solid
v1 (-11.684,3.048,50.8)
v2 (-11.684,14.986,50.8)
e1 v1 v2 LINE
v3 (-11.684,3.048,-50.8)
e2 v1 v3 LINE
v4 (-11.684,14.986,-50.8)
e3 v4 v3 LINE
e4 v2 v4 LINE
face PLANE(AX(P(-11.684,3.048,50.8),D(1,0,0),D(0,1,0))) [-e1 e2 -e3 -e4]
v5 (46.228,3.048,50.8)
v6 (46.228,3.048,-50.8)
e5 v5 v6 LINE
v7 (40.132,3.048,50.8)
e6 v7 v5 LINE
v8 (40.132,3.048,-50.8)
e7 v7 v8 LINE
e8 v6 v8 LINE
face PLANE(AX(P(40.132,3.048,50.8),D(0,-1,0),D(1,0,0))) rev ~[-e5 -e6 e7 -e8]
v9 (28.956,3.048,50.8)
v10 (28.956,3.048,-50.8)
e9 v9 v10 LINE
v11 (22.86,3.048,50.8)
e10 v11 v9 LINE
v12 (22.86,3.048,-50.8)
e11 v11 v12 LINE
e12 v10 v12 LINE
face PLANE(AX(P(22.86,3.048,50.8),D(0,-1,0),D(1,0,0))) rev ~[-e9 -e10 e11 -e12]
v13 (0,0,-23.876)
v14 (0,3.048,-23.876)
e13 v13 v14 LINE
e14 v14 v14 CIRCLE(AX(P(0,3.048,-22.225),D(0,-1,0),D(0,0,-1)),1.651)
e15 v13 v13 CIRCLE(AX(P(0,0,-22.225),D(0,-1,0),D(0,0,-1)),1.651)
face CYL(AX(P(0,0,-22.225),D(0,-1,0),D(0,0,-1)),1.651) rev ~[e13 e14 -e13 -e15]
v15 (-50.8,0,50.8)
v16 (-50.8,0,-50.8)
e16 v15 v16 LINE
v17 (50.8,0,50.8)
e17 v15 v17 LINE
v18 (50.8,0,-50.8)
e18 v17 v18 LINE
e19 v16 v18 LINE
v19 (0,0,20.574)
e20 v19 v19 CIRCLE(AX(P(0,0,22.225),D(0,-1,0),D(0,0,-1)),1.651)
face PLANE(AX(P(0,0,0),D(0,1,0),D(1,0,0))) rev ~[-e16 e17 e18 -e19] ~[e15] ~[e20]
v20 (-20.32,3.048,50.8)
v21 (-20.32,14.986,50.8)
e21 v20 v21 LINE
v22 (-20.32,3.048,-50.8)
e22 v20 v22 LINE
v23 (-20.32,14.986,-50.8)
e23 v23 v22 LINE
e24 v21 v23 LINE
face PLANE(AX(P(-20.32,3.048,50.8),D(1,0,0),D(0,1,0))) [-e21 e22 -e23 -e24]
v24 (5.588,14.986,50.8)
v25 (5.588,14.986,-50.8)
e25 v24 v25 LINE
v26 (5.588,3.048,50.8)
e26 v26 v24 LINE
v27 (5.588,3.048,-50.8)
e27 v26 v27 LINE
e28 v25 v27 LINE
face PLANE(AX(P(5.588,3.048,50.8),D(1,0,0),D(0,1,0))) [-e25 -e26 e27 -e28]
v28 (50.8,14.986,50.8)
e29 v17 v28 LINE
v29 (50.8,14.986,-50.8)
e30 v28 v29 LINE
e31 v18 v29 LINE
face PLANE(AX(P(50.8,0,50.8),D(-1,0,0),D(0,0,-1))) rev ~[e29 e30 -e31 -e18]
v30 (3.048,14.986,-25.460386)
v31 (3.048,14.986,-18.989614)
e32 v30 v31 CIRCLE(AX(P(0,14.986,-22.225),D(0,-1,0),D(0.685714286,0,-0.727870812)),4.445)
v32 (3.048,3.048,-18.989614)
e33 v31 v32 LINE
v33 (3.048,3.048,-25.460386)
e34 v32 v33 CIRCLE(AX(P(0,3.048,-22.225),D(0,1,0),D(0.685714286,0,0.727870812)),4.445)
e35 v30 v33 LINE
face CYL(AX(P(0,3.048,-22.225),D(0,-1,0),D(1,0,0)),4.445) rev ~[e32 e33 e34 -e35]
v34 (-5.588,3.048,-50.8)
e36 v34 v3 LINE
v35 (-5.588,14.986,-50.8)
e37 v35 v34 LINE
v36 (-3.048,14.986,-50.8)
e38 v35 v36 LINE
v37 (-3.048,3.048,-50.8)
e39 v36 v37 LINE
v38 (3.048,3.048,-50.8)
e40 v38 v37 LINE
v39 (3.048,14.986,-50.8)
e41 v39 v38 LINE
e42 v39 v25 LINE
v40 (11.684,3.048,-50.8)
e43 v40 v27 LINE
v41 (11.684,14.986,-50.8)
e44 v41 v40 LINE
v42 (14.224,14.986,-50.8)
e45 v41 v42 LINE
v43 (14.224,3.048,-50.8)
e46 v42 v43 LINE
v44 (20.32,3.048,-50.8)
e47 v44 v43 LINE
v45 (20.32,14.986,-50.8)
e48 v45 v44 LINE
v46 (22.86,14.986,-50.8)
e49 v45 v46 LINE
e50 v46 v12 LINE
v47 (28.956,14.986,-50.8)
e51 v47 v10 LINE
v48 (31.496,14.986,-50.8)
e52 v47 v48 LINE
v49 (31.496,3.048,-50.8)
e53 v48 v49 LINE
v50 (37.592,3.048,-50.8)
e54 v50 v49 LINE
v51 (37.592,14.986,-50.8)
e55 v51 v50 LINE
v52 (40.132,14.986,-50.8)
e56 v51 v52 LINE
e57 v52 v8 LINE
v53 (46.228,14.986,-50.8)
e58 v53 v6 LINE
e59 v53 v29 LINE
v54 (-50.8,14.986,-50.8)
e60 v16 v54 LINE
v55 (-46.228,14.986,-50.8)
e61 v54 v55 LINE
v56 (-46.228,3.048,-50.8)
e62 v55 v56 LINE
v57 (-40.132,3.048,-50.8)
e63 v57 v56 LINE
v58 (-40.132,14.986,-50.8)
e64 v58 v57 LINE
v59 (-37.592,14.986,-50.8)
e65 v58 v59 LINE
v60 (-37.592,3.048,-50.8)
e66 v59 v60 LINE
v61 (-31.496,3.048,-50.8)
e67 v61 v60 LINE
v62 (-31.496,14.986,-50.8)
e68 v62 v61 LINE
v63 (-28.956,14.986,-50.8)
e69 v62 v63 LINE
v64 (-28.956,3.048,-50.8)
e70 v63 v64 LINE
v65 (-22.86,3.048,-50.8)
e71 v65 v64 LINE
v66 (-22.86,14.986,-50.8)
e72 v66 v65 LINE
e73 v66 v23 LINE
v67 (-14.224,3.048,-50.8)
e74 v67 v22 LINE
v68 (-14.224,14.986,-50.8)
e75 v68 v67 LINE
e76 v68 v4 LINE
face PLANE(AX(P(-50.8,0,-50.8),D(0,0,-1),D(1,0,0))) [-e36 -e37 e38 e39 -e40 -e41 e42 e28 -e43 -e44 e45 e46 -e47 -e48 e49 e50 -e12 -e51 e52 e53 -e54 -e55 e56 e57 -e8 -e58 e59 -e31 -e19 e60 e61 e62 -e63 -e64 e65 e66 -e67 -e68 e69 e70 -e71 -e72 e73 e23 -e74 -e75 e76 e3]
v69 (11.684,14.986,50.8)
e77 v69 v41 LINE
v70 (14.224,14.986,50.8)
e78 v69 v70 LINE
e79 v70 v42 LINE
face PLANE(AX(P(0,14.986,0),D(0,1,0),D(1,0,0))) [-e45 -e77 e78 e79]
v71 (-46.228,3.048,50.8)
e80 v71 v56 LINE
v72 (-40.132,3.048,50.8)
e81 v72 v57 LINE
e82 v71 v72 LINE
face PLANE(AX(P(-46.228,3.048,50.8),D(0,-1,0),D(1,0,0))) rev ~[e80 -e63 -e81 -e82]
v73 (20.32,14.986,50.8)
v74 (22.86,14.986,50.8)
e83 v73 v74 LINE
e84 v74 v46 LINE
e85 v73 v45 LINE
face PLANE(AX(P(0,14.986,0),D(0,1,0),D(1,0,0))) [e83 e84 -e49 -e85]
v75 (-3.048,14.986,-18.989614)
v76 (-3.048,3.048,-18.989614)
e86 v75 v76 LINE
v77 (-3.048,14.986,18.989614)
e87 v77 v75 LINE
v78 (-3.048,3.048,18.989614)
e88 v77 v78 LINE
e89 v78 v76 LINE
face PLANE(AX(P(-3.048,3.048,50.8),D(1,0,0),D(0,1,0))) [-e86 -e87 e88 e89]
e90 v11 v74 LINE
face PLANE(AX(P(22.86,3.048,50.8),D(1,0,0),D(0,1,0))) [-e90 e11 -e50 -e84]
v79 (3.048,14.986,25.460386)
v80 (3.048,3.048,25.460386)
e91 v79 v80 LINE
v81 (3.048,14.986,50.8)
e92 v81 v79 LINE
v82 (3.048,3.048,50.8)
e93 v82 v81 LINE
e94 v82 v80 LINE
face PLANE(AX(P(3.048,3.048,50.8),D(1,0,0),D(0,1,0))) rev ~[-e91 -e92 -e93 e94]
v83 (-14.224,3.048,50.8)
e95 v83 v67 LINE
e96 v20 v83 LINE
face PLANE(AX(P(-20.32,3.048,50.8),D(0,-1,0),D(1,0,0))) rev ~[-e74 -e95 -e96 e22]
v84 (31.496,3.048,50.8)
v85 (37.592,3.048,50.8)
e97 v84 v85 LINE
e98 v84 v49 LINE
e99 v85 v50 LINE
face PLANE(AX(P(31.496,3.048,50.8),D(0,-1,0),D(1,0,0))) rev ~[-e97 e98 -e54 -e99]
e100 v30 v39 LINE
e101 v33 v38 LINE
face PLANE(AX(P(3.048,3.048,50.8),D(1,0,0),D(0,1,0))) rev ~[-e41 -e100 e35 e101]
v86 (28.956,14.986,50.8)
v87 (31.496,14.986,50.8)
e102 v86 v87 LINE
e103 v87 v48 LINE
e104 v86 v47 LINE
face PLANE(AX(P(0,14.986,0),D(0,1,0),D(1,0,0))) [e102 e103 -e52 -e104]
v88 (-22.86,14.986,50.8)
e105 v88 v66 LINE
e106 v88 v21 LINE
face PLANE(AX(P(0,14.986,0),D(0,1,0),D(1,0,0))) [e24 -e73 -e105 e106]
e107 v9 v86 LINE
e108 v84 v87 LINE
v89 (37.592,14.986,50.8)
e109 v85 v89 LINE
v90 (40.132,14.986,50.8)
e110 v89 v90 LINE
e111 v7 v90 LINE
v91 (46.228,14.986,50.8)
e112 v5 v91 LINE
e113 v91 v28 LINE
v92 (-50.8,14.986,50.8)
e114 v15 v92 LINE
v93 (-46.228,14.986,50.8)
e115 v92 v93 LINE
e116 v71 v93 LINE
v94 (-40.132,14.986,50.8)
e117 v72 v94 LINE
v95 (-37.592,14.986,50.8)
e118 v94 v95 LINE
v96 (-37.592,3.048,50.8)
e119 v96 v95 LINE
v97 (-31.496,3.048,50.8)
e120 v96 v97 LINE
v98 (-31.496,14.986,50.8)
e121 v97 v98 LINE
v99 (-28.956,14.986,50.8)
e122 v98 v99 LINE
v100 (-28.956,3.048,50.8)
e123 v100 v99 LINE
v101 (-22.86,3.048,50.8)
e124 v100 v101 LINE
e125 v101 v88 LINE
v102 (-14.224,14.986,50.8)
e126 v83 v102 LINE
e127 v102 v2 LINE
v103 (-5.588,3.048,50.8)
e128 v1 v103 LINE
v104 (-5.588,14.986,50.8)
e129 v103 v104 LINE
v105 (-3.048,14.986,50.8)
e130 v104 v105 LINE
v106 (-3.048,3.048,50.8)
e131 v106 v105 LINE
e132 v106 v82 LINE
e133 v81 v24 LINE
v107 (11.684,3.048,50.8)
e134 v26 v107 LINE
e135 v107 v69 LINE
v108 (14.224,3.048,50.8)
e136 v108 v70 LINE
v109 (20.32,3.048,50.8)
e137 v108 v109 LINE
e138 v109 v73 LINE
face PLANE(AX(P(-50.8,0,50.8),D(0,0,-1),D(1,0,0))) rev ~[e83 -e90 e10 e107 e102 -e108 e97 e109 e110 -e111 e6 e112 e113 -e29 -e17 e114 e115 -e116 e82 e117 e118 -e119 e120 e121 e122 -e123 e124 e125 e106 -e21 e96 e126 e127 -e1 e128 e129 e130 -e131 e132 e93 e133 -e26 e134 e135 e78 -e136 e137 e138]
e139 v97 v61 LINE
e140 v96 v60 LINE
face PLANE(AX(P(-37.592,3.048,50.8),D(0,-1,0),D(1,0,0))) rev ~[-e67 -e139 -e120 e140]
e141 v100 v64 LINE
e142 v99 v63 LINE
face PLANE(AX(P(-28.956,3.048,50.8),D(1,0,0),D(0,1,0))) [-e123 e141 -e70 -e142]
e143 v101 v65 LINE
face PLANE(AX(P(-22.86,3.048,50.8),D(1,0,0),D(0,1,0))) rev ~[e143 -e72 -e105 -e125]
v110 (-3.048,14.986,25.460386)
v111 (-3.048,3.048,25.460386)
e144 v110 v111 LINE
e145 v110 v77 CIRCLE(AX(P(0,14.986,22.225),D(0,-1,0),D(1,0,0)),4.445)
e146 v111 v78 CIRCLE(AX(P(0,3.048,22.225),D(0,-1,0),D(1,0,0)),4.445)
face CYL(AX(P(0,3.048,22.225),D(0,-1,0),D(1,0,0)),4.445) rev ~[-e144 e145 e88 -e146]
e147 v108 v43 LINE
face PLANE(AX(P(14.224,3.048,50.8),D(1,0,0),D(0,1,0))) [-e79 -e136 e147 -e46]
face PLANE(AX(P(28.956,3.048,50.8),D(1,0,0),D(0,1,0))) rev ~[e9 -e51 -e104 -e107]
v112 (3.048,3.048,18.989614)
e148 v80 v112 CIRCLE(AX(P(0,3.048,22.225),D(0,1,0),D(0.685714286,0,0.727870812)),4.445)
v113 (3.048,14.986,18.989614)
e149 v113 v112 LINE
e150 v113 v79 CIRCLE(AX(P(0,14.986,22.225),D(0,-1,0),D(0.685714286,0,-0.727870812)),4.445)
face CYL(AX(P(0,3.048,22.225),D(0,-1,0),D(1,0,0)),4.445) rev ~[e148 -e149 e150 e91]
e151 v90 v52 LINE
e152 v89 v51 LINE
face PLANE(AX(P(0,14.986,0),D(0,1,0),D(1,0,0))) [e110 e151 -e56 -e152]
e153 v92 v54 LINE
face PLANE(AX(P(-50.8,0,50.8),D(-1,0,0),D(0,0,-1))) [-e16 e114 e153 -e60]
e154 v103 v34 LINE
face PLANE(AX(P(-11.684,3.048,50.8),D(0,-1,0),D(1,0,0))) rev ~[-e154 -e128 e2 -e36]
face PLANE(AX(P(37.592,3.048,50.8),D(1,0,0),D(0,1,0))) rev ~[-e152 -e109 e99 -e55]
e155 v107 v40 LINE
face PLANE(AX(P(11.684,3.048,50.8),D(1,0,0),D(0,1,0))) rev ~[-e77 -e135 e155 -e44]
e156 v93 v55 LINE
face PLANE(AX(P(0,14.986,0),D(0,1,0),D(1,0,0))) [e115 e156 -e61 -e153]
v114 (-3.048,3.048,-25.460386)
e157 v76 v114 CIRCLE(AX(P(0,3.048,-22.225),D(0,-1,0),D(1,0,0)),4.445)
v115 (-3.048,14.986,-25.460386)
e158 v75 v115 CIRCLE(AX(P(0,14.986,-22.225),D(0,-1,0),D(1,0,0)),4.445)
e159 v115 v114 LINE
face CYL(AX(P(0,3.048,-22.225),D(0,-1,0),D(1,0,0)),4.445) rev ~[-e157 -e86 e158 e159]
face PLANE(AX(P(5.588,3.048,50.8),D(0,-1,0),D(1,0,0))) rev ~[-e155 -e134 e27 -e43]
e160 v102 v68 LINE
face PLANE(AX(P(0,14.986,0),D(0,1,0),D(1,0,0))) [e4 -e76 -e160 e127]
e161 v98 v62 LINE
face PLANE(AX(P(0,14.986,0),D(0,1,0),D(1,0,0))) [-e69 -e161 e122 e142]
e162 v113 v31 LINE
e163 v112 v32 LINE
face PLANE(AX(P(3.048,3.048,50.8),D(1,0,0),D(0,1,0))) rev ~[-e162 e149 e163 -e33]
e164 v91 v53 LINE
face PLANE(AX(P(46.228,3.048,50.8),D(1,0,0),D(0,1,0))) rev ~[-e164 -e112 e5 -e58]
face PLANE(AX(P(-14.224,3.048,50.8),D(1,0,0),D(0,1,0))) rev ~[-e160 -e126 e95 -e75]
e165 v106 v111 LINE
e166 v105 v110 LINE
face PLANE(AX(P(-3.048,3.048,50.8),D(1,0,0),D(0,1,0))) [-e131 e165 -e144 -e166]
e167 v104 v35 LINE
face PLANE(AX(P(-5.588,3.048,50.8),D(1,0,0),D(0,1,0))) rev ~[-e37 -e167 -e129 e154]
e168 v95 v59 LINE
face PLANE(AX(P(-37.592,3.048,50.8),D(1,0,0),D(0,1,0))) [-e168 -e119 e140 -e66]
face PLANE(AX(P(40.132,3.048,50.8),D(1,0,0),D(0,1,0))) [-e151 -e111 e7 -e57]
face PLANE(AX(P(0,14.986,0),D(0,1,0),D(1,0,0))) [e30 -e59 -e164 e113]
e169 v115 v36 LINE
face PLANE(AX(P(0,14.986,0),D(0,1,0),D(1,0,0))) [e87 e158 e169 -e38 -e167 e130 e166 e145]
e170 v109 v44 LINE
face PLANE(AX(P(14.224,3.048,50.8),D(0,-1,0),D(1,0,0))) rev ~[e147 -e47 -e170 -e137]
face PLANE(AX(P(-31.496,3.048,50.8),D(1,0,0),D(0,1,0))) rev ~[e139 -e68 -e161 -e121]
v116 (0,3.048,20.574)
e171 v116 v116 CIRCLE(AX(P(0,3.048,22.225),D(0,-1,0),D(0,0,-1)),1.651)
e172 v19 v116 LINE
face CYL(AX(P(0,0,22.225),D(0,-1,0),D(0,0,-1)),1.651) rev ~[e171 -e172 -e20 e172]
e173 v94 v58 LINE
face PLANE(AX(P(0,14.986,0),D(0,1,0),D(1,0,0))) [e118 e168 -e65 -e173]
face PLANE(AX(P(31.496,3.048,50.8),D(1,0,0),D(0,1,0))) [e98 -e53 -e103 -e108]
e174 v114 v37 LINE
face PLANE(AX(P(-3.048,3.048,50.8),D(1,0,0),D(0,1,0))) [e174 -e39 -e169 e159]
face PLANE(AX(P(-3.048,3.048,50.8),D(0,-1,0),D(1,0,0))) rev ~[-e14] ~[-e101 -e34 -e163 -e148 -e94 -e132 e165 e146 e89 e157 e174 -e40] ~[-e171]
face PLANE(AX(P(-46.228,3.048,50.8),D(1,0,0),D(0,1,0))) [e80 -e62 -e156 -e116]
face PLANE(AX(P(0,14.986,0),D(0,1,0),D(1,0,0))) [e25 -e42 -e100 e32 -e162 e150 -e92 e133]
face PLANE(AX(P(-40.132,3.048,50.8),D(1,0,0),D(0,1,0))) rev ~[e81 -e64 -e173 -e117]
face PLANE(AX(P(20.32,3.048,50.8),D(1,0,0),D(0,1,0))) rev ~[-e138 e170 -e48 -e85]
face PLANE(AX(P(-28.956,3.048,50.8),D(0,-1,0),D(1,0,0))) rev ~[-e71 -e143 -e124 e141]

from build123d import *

# Parameters (mm, degrees)
SKETCH1_W           = 101.6
SKETCH1_H           = 101.6
BOSS_EXTRUDE1_DEPTH = 14.986
SKETCH2_W           = 6.096
SKETCH2_H           = 11.938
CUT_EXTRUDE1_DEPTH  = 115.576525502
SKETCH3_R           = 1.651
CUT_EXTRUDE2_DEPTH  = 74.38842004
CUT_EXTRUDE3_START  = -3.048
SKETCH3_3_R         = 4.445
SKETCH3_3_R_2       = 1.651
CUT_EXTRUDE3_DEPTH  = 71.34042004


with BuildPart() as part:
    # Sketch1 → Boss-Extrude1 (new body)
    with BuildSketch(Plane(origin=(0, 0, 0), x_dir=(1, 0, 0), z_dir=(0, 1, 0))):
        Rectangle(SKETCH1_W, SKETCH1_H)
    extrude(amount=BOSS_EXTRUDE1_DEPTH)

    # Sketch2 → Cut-Extrude1 (cut, through all)
    with BuildSketch(Plane.XY.offset(50.8)):
        with Locations((43.18, 9.017)):
            Rectangle(SKETCH2_W, SKETCH2_H)
        with Locations((34.544, 9.017)):
            Rectangle(SKETCH2_W, SKETCH2_H)
        with Locations((25.908, 9.017)):
            Rectangle(SKETCH2_W, SKETCH2_H)
        with Locations((17.272, 9.017)):
            Rectangle(SKETCH2_W, SKETCH2_H)
        with Locations((8.636, 9.017)):
            Rectangle(SKETCH2_W, SKETCH2_H)
        with Locations((0, 9.017)):
            Rectangle(SKETCH2_W, SKETCH2_H)
        with Locations((-8.636, 9.017)):
            Rectangle(SKETCH2_W, SKETCH2_H)
        with Locations((-17.272, 9.017)):
            Rectangle(SKETCH2_W, SKETCH2_H)
        with Locations((-25.908, 9.017)):
            Rectangle(SKETCH2_W, SKETCH2_H)
        with Locations((-34.544, 9.017)):
            Rectangle(SKETCH2_W, SKETCH2_H)
        with Locations((-43.18, 9.017)):
            Rectangle(SKETCH2_W, SKETCH2_H)
    extrude(amount=-CUT_EXTRUDE1_DEPTH, mode=Mode.SUBTRACT)

    # Sketch3 → Cut-Extrude2 (cut, through all)
    with BuildSketch(Plane.XZ):
        with Locations(Location((0, 22.225, 0), (0, 0, 270))):
            Circle(SKETCH3_R)
        with Locations(Location((0, -22.225, 0), (0, 0, 270))):
            Circle(SKETCH3_R)
    extrude(amount=-CUT_EXTRUDE2_DEPTH, mode=Mode.SUBTRACT)

    # Sketch3<3> → Cut-Extrude3 (cut, through all)
    # profile 1 of 2: a face of its own
    with BuildSketch(Plane.XZ.offset(CUT_EXTRUDE3_START)):
        with Locations((0, 22.225)):
            Circle(SKETCH3_3_R)
        with Locations(Location((0, 22.225, 0), (0, 0, 270))):
            Circle(SKETCH3_3_R_2, mode=Mode.SUBTRACT)
    # profile 2 of 2: a face of its own
    with BuildSketch(Plane.XZ.offset(CUT_EXTRUDE3_START)):
        with Locations((0, -22.225)):
            Circle(SKETCH3_3_R)
        with Locations(Location((0, -22.225, 0), (0, 0, 270))):
            Circle(SKETCH3_3_R_2, mode=Mode.SUBTRACT)
    extrude(amount=-CUT_EXTRUDE3_DEPTH, mode=Mode.SUBTRACT)


solid = part.part
